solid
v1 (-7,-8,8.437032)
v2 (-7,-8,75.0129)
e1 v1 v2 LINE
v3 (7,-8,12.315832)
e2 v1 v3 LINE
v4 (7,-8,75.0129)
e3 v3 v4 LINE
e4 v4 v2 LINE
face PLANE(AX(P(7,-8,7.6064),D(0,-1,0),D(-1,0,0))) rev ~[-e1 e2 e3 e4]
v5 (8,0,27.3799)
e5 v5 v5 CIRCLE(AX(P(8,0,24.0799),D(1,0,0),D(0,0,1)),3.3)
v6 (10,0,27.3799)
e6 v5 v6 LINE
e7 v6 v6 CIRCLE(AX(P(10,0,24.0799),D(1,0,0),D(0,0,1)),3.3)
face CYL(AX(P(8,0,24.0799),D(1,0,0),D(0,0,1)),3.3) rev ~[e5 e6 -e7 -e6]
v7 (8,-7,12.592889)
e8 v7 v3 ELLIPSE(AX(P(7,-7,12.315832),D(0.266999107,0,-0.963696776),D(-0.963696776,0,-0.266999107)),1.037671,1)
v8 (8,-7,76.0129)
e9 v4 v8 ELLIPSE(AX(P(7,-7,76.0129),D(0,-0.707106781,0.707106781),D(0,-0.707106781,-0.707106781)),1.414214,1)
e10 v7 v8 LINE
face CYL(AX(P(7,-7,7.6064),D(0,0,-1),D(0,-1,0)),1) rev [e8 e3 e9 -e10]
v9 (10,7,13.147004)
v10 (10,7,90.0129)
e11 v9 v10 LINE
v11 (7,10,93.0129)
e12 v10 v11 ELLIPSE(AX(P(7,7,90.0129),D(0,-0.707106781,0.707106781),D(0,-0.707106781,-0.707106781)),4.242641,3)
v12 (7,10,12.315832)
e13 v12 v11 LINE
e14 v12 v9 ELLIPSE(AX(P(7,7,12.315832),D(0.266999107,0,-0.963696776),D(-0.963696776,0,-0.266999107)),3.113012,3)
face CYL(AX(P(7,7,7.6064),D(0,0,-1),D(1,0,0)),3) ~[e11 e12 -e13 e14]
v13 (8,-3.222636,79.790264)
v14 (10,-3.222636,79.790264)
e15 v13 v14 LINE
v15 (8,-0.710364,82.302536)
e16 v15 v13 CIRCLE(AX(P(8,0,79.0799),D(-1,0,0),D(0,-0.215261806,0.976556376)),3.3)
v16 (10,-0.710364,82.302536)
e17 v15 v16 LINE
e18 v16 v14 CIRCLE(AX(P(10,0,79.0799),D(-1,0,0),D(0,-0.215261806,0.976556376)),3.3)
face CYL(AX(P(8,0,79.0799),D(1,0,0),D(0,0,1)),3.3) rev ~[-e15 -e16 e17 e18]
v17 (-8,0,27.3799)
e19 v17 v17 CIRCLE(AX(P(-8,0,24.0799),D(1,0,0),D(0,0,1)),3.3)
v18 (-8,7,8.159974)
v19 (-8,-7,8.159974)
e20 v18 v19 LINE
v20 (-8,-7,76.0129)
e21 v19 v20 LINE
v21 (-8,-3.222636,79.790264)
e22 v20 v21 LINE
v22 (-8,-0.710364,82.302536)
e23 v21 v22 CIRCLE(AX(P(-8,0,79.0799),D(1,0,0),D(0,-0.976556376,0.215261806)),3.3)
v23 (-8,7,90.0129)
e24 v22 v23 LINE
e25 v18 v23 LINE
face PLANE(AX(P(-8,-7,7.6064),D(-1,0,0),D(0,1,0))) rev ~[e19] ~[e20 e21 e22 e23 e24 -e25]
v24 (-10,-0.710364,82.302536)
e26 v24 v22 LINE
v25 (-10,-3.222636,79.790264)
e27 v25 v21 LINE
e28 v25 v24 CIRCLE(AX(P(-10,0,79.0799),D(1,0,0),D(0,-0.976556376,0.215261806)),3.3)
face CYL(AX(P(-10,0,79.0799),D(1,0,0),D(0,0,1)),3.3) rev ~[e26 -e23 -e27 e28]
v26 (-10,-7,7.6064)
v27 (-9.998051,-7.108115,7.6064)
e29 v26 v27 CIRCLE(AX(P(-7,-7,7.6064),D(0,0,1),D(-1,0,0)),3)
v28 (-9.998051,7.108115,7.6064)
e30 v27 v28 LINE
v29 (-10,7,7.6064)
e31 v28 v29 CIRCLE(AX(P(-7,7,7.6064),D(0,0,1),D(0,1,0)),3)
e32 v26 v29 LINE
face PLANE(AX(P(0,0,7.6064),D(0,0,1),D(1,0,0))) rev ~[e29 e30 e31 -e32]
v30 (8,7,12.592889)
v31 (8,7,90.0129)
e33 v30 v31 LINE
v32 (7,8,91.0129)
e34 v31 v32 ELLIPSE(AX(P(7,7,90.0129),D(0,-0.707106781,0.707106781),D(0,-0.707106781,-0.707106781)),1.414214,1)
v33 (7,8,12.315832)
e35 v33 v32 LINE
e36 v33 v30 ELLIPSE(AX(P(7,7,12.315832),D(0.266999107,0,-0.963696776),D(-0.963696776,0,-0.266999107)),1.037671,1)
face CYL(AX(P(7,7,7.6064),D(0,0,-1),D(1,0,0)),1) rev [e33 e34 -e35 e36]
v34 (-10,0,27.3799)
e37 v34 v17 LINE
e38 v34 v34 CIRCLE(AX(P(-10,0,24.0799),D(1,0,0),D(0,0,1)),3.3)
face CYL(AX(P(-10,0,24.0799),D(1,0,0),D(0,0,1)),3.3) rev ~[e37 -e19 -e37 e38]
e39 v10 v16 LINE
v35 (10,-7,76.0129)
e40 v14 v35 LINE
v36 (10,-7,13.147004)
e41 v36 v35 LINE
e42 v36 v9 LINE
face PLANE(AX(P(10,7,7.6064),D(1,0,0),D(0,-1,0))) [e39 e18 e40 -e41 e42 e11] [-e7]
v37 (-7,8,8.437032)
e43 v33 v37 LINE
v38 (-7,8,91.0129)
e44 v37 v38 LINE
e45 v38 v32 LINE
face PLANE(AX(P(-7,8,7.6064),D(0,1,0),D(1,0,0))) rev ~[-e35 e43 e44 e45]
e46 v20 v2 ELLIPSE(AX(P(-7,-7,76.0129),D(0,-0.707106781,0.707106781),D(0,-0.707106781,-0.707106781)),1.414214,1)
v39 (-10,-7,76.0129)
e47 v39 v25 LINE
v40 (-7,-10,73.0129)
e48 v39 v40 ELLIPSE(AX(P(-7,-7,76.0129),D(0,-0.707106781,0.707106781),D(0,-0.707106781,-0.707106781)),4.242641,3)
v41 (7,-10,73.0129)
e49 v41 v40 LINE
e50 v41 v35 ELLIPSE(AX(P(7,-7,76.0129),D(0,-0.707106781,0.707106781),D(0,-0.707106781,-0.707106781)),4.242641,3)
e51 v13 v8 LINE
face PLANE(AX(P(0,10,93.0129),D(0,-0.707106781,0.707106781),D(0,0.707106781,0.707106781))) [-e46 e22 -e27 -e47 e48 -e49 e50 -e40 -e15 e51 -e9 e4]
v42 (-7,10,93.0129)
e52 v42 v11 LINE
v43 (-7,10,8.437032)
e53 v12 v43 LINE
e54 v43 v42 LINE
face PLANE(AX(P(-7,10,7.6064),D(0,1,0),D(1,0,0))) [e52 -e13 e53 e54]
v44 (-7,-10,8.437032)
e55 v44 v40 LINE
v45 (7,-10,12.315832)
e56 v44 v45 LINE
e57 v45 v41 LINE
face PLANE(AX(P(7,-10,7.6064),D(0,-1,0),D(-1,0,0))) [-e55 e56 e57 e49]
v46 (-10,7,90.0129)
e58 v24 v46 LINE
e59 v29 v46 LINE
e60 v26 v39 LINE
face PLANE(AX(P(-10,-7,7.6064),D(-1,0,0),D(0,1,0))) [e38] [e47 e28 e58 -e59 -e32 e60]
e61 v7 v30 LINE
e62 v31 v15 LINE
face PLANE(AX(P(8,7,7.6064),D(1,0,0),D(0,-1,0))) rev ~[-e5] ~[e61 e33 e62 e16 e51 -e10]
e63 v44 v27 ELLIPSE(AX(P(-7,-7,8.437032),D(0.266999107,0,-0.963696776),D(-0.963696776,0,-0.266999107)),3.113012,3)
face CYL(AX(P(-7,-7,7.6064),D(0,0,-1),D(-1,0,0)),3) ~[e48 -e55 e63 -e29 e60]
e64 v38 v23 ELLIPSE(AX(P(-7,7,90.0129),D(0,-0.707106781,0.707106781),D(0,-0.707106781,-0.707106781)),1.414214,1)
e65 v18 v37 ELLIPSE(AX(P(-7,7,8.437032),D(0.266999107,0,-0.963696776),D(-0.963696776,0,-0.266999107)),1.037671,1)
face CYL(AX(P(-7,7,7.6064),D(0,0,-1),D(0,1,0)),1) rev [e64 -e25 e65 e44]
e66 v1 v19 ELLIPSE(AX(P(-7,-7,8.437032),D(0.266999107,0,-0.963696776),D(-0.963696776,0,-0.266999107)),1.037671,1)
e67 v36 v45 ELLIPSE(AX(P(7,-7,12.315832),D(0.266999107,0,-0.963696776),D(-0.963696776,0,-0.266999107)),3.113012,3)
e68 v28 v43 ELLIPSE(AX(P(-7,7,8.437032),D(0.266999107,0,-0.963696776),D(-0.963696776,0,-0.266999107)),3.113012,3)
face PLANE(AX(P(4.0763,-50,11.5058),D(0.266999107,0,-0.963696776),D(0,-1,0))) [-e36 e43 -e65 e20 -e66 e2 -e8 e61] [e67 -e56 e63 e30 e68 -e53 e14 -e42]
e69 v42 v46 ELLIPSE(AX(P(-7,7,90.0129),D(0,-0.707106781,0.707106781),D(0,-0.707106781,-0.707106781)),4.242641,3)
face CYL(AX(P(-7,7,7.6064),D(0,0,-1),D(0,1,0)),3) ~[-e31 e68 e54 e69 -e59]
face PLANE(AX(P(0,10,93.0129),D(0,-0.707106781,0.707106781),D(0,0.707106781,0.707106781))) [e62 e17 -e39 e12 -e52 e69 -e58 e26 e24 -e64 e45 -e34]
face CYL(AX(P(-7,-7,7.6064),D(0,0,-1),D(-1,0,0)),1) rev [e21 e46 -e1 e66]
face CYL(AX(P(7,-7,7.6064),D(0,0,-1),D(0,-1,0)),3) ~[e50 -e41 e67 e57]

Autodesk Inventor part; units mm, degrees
ref_plane "Start Plane" through (0, 0, 7.6064) normal (0, 0, 1) x (1, 0, 0)
ref_plane "End Plane" through (0, 0, 93.0129) normal (0, 0, 1) x (1, 0, 0)
sketch "Sketch" plane through (0, 0, 0) normal (0, 0, 1) x (1, 0, 0)
  line L0 (-10, -7) -> (-10, 7)
  line L1 (-7, 10) -> (7, 10)
  line L2 (10, 7) -> (10, -7)
  line L3 (7, -10) -> (-7, -10)
  arc A0 (-10, -7) -> (-7, -10) centre (-7, -7) ccw
  arc A1 (-7, 10) -> (-10, 7) centre (-7, 7) ccw
  arc A2 (10, 7) -> (7, 10) centre (7, 7) ccw
  arc A3 (7, -10) -> (10, -7) centre (7, -7) ccw
  arc A4 (-7, 8) -> (-8, 7) centre (-7, 7) ccw
  line L4 (-7, 8) -> (7, 8)
  arc A5 (8, 7) -> (7, 8) centre (7, 7) ccw
  line L5 (8, 7) -> (8, -7)
  arc A6 (7, -8) -> (8, -7) centre (7, -7) ccw
  line L6 (7, -8) -> (-7, -8)
  arc A7 (-8, -7) -> (-7, -8) centre (-7, -7) ccw
  line L7 (-8, -7) -> (-8, 7)
  line L8 (0, 14.8698) -> (0, -14.8698) construction
  line L9 (-14.8698, 0) -> (14.8698, 0) construction
  dimension "d7" = 3
  dimension "d10" = 20
  dimension "d11" = 20
  dimension "d12" = 2
  dimension "d15" = 10
  dimension "d16" = 10
extrude "Body" add sketch "Sketch" along normal up to surface (85.4065 mm away) from surface at 7.6064
sketch "Sketch3" plane through (0, 0, 0) normal (0, 0, 1) x (1, 0, 0)
  line L0 (0, 0) -> (10, 0)
ref_plane "Work Plane3" through (0, 0, 0) normal (0, -1, 0) x (1, 0, 0)
sketch "Sketch4" plane through (0, 0, 0) normal (0, -1, 0) x (1, 0, 0)
  line L0 (-2, 7.6064) -> (12, 7.6064)
  line L1 (-2, 93.0129) -> (12, 93.0129)
  dimension "d18" = 85.4065
ref_plane "Work Plane5" through (4.0763, -50, 11.5058) normal (0.267, 0, -0.9637) x (-0.9637, 0, -0.267)
split "Split2" plane through (4.0763, -50, 11.5058) removes the side toward (0.267, 0, -0.9637)
ref_plane "Work Plane6" through (0, 0, 93.0129) normal (0, 0, 1) x (1, 0, 0)
split "Split3" plane through (0, 0, 93.0129) removes the side toward (0, 0, 1)
ref_plane "Work Plane7" through (0, 10, 93.0129) normal (0, -0.7071, 0.7071) x (1, 0, 0)
split "Split4" plane through (0, 10, 93.0129) removes the side toward (0, -0.7071, 0.7071)
sketch "Sketch7" plane through (8, -7, 12.5928) normal (-1, 0, 0) x (0, 0, 1)
  point P0 (11.4871, 7)
hole "Hole3" at (8, 0, 24.0799) direction (1, 0, 0) diameter 6.6 depth 2
sketch "Sketch8" plane through (8, -7, 12.5928) normal (-1, 0, 0) x (0, 0, 1)
  point P0 (66.4871, 7)
hole "Hole4" at (8, 0, 79.0799) direction (1, 0, 0) diameter 6.6 depth 2
sketch "Sketch9" plane through (-10, -7, 7.6064) normal (-1, 0, 0) x (0, 0, 1)
  point P0 (71.4735, 7)
hole "Hole5" at (-10, 0, 79.0799) direction (1, 0, 0) diameter 6.6 end through all
sketch "Sketch10" plane through (-10, -7, 7.6064) normal (-1, 0, 0) x (0, 0, 1)
  point P0 (16.4735, 7)
hole "Hole6" at (-10, 0, 24.0799) direction (1, 0, 0) diameter 6.6 end through all
equation "\"d7\" = G_IR"
equation "\"d10\" = G_H"
equation "\"d11\" = G_W"
equation "\"d12\" = G_T"
equation "\"d15\" = 0.5 * d10"
equation "\"d16\" = 0.5 * d11"
equation "\"d3\" = G_L"
equation "\"G_W\" = 20"
equation "\"G_H\" = 20"
equation "\"G_T\" = 2"
equation "\"G_IR\" = 3"
equation "\"G_L\" = d18"
equation "\"G_OFFSET_START\" = -7.60639"
equation "\"d13\" = -G_OFFSET_START"
equation "\"d14\" = G_OFFSET_END + B_L"
equation "\"B_L\" = 83.01292"
equation "\"G_OFFSET_END\" = 10"
properties part number "ISO 12633-2 - 20x20x2 - 85,41" material "Steel, Mild"
